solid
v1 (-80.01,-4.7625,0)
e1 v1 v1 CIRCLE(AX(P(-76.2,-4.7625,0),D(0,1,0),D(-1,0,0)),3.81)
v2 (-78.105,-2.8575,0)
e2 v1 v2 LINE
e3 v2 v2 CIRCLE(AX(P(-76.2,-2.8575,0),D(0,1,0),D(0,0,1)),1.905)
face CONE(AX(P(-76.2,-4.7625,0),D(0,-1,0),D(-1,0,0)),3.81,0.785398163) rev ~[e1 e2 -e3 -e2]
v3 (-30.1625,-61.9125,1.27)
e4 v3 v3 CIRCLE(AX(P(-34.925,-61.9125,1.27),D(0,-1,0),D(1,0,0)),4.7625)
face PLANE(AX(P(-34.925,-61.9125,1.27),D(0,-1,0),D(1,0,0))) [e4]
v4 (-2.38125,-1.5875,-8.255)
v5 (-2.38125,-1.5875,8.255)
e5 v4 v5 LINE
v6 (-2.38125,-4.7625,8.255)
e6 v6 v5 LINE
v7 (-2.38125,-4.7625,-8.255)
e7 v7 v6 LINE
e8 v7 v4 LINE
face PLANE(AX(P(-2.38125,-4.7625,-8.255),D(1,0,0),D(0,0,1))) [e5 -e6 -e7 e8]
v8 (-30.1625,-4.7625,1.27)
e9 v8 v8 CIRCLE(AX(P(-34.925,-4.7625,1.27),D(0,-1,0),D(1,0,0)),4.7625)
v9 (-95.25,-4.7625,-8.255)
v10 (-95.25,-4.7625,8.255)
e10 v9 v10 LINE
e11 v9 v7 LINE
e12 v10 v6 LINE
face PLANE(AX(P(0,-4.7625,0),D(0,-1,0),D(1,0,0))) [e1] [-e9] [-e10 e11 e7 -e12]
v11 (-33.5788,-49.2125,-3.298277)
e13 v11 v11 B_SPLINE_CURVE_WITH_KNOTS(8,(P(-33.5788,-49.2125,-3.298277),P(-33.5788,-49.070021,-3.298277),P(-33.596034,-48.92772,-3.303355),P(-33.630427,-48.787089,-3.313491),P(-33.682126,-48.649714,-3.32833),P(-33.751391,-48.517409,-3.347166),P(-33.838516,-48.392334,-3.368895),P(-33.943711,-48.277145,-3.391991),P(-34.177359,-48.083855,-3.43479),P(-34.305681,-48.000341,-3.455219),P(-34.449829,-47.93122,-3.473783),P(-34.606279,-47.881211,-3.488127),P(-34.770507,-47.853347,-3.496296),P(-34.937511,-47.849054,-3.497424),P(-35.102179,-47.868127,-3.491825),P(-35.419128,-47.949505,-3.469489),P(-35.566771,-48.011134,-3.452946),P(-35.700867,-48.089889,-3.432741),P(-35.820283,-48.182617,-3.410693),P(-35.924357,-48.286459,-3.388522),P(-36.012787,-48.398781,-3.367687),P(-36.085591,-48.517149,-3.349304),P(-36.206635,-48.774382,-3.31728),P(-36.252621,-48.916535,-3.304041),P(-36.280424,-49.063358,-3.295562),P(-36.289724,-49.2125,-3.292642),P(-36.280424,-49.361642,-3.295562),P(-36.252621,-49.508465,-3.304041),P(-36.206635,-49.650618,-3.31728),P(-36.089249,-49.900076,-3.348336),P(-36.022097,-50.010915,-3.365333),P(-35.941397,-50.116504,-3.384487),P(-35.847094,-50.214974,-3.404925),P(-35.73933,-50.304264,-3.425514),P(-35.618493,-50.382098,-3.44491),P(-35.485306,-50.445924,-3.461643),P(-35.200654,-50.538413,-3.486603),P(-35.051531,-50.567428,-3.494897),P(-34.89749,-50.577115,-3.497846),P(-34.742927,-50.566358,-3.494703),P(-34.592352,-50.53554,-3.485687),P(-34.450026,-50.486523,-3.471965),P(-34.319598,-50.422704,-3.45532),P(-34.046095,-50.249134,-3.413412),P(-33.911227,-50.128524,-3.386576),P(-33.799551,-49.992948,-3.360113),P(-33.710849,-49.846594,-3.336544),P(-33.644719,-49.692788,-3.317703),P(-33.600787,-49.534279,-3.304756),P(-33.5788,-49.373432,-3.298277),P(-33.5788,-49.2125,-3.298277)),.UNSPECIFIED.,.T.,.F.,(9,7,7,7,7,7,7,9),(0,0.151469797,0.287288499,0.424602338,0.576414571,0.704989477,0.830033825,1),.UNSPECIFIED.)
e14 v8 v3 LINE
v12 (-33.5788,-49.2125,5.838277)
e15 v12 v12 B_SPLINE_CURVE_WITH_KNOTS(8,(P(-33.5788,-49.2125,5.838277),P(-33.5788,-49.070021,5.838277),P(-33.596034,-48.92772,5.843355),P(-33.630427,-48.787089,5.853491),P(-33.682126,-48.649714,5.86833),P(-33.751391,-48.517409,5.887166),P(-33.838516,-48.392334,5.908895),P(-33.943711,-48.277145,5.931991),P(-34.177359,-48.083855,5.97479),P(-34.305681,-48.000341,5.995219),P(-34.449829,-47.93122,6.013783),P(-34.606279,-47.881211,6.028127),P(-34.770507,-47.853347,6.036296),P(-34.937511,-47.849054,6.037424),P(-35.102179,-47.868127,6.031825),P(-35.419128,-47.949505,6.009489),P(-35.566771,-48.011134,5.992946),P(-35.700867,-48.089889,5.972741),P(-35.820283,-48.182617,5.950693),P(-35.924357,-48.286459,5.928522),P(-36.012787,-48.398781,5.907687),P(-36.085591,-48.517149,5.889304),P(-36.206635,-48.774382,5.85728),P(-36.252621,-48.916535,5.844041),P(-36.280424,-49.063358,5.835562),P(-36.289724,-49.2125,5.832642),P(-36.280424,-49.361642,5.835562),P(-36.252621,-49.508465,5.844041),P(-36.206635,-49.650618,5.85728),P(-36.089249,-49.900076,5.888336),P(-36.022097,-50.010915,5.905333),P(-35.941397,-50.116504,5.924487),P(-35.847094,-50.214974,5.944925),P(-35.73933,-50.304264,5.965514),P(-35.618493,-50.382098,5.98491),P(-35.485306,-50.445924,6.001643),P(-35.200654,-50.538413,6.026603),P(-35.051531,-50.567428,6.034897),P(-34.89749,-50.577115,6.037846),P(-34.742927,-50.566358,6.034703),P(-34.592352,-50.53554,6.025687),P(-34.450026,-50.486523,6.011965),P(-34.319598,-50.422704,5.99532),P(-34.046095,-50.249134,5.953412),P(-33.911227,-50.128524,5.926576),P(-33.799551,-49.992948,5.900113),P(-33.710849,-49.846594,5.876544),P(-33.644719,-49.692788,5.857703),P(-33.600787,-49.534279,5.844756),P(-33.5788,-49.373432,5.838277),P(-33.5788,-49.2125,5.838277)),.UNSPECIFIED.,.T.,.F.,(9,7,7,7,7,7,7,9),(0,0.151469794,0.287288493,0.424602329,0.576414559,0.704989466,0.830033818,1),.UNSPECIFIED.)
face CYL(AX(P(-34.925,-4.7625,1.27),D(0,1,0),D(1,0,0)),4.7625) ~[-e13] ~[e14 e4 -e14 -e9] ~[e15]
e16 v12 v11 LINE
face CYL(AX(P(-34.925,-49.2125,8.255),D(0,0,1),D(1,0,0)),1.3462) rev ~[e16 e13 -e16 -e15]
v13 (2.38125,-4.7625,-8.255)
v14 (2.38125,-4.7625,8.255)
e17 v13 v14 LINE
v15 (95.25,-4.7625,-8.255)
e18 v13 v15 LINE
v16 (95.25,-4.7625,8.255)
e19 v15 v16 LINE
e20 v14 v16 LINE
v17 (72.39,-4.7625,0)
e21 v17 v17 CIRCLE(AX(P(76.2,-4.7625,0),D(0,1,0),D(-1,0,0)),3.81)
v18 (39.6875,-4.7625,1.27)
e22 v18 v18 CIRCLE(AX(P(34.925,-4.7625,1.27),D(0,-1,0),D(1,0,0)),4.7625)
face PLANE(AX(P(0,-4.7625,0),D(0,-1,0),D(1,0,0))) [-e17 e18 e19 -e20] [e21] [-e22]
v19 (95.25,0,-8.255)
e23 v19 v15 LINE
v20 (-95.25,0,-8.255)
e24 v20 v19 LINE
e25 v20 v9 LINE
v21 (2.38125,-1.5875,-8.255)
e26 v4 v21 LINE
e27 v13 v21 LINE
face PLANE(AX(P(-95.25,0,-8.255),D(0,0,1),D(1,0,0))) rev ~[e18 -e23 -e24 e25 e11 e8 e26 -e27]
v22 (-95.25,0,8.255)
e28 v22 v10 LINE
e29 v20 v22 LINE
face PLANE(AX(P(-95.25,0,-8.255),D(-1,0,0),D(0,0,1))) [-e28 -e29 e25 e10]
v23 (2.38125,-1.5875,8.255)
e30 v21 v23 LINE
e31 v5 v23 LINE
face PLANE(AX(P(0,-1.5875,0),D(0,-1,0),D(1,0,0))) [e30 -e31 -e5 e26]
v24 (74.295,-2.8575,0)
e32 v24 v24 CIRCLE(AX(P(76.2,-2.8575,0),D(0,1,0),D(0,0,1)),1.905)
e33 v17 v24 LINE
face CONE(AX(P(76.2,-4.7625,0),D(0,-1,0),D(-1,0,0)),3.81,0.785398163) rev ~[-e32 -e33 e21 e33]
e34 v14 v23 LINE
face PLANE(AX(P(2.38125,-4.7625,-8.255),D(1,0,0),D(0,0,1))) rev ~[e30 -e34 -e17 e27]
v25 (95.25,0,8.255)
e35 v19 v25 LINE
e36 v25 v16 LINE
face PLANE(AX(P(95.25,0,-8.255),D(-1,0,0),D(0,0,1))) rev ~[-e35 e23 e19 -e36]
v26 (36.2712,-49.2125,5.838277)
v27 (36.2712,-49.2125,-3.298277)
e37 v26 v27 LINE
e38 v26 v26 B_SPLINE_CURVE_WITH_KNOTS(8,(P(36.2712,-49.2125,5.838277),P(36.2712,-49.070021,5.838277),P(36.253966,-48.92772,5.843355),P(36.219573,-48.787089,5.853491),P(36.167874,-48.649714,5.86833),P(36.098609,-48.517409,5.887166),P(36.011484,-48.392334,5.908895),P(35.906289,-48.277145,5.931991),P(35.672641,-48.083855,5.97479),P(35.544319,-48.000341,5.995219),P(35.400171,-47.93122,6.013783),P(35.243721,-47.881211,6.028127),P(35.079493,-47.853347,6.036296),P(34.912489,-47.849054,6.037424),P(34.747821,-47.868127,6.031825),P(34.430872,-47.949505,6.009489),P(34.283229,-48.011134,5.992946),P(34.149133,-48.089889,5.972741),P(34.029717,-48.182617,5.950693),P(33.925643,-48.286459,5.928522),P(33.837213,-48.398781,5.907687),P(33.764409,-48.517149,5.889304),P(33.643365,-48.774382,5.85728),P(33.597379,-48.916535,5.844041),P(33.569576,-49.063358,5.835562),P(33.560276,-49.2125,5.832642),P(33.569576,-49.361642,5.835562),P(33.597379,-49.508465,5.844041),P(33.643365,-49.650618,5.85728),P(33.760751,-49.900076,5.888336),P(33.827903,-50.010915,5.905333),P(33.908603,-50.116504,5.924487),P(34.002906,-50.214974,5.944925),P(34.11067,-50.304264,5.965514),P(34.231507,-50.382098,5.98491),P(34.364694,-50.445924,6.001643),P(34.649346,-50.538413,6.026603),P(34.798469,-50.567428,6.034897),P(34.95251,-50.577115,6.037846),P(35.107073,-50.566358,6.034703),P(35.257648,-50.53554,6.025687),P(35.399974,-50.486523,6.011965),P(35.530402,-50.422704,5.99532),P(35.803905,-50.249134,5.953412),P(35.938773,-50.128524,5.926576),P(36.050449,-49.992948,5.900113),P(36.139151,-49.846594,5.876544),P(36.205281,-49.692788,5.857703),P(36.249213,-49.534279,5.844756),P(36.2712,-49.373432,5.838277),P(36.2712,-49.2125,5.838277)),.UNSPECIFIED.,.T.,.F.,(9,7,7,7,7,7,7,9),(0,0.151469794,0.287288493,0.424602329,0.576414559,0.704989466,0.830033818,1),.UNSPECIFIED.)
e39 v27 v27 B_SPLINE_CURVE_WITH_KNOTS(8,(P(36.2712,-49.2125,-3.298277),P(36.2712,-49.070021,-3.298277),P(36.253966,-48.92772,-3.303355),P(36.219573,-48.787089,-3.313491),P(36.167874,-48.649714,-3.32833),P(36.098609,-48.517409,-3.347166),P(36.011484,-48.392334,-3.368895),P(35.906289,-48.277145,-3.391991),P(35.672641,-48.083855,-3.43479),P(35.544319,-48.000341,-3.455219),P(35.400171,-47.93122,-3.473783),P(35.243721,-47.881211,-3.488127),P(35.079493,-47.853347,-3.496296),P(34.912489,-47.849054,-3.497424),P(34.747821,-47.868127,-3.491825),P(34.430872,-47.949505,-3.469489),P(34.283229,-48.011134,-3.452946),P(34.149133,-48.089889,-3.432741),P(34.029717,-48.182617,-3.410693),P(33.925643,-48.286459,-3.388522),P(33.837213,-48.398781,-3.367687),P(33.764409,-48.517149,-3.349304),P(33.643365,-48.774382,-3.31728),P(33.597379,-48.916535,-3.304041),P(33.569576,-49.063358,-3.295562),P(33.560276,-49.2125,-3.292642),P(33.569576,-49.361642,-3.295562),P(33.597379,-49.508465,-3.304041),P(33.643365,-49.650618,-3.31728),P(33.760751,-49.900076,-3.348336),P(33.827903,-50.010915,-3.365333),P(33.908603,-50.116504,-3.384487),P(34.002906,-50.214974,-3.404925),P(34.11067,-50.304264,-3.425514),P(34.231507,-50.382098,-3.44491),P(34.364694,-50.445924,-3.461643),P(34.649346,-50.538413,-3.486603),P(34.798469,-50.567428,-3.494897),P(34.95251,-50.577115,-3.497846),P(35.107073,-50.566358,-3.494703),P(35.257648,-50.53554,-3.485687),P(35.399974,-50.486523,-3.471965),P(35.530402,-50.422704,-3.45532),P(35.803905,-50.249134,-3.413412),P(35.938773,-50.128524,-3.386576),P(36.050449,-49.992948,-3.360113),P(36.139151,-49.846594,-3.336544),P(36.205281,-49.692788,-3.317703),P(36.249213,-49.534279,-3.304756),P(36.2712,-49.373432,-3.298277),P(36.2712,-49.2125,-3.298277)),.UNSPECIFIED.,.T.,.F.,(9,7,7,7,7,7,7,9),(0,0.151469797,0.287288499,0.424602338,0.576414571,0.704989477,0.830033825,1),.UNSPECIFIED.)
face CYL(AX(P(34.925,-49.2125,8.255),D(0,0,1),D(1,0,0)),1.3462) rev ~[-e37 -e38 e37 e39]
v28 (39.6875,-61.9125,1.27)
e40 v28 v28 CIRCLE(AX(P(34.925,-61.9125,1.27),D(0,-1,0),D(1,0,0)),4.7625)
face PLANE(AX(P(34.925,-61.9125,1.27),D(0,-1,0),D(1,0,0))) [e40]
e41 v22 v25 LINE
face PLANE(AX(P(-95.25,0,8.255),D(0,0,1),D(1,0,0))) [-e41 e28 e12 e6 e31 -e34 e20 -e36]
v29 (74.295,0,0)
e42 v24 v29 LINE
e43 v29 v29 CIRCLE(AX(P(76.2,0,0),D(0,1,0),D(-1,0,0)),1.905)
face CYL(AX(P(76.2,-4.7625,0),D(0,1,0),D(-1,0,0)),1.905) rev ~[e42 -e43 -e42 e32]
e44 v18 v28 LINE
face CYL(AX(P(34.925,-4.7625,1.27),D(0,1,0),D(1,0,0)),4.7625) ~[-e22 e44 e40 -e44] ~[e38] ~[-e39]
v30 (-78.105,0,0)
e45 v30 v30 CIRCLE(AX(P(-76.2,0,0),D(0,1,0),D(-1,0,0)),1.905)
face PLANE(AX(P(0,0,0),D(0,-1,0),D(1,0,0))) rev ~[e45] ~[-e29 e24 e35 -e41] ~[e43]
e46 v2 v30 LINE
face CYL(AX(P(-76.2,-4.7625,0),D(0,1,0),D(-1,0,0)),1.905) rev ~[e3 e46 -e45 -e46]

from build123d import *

# Parameters (mm, degrees)
F0_W           = 190.5
F0_H           = 16.51
F1_DEPTH       = 4.7625
F2_R           = 4.7625
F3_DEPTH       = 57.15
F5_D           = 3.81
F5_CSINK_D     = 7.62
F5_CSINK_ANGLE = 90
F6_W           = 4.7625
F6_H           = 16.51
F7_DEPTH       = 3.175
F8_R           = 1.3462
F9_DEPTH       = 16.511


with BuildPart() as f1:
    # F0 (on Front) → F1 (new body)
    with BuildSketch(Plane.XZ):
        Rectangle(F0_W, F0_H)
    extrude(amount=F1_DEPTH)

    # F2 (on face) → F3 (join)
    with BuildSketch(Plane.XZ.offset(4.7625)):
        with Locations((-34.925, 1.27)):
            Circle(F2_R)
        with Locations((34.925, 1.27)):
            Circle(F2_R)
    extrude(amount=F3_DEPTH)

    # F5 (through all)
    with Locations(Plane.XZ.offset(4.7625)):
        with Locations((-76.2, 0), (76.2, 0)):
            CounterSinkHole(F5_D / 2, F5_CSINK_D / 2, counter_sink_angle=F5_CSINK_ANGLE)

    # F6 (on face) → F7 (cut)
    with BuildSketch(Plane.XZ.offset(4.7625)):
        Rectangle(F6_W, F6_H)
    extrude(amount=-F7_DEPTH, mode=Mode.SUBTRACT)

    # F8 (on face) → F9 (cut, through all)
    with BuildSketch(Plane.XY.offset(8.255)):
        with Locations((-34.925, -49.2125)):
            Circle(F8_R)
        with Locations((34.925, -49.2125)):
            Circle(F8_R)
    extrude(amount=-F9_DEPTH, mode=Mode.SUBTRACT)


solid = f1.part
